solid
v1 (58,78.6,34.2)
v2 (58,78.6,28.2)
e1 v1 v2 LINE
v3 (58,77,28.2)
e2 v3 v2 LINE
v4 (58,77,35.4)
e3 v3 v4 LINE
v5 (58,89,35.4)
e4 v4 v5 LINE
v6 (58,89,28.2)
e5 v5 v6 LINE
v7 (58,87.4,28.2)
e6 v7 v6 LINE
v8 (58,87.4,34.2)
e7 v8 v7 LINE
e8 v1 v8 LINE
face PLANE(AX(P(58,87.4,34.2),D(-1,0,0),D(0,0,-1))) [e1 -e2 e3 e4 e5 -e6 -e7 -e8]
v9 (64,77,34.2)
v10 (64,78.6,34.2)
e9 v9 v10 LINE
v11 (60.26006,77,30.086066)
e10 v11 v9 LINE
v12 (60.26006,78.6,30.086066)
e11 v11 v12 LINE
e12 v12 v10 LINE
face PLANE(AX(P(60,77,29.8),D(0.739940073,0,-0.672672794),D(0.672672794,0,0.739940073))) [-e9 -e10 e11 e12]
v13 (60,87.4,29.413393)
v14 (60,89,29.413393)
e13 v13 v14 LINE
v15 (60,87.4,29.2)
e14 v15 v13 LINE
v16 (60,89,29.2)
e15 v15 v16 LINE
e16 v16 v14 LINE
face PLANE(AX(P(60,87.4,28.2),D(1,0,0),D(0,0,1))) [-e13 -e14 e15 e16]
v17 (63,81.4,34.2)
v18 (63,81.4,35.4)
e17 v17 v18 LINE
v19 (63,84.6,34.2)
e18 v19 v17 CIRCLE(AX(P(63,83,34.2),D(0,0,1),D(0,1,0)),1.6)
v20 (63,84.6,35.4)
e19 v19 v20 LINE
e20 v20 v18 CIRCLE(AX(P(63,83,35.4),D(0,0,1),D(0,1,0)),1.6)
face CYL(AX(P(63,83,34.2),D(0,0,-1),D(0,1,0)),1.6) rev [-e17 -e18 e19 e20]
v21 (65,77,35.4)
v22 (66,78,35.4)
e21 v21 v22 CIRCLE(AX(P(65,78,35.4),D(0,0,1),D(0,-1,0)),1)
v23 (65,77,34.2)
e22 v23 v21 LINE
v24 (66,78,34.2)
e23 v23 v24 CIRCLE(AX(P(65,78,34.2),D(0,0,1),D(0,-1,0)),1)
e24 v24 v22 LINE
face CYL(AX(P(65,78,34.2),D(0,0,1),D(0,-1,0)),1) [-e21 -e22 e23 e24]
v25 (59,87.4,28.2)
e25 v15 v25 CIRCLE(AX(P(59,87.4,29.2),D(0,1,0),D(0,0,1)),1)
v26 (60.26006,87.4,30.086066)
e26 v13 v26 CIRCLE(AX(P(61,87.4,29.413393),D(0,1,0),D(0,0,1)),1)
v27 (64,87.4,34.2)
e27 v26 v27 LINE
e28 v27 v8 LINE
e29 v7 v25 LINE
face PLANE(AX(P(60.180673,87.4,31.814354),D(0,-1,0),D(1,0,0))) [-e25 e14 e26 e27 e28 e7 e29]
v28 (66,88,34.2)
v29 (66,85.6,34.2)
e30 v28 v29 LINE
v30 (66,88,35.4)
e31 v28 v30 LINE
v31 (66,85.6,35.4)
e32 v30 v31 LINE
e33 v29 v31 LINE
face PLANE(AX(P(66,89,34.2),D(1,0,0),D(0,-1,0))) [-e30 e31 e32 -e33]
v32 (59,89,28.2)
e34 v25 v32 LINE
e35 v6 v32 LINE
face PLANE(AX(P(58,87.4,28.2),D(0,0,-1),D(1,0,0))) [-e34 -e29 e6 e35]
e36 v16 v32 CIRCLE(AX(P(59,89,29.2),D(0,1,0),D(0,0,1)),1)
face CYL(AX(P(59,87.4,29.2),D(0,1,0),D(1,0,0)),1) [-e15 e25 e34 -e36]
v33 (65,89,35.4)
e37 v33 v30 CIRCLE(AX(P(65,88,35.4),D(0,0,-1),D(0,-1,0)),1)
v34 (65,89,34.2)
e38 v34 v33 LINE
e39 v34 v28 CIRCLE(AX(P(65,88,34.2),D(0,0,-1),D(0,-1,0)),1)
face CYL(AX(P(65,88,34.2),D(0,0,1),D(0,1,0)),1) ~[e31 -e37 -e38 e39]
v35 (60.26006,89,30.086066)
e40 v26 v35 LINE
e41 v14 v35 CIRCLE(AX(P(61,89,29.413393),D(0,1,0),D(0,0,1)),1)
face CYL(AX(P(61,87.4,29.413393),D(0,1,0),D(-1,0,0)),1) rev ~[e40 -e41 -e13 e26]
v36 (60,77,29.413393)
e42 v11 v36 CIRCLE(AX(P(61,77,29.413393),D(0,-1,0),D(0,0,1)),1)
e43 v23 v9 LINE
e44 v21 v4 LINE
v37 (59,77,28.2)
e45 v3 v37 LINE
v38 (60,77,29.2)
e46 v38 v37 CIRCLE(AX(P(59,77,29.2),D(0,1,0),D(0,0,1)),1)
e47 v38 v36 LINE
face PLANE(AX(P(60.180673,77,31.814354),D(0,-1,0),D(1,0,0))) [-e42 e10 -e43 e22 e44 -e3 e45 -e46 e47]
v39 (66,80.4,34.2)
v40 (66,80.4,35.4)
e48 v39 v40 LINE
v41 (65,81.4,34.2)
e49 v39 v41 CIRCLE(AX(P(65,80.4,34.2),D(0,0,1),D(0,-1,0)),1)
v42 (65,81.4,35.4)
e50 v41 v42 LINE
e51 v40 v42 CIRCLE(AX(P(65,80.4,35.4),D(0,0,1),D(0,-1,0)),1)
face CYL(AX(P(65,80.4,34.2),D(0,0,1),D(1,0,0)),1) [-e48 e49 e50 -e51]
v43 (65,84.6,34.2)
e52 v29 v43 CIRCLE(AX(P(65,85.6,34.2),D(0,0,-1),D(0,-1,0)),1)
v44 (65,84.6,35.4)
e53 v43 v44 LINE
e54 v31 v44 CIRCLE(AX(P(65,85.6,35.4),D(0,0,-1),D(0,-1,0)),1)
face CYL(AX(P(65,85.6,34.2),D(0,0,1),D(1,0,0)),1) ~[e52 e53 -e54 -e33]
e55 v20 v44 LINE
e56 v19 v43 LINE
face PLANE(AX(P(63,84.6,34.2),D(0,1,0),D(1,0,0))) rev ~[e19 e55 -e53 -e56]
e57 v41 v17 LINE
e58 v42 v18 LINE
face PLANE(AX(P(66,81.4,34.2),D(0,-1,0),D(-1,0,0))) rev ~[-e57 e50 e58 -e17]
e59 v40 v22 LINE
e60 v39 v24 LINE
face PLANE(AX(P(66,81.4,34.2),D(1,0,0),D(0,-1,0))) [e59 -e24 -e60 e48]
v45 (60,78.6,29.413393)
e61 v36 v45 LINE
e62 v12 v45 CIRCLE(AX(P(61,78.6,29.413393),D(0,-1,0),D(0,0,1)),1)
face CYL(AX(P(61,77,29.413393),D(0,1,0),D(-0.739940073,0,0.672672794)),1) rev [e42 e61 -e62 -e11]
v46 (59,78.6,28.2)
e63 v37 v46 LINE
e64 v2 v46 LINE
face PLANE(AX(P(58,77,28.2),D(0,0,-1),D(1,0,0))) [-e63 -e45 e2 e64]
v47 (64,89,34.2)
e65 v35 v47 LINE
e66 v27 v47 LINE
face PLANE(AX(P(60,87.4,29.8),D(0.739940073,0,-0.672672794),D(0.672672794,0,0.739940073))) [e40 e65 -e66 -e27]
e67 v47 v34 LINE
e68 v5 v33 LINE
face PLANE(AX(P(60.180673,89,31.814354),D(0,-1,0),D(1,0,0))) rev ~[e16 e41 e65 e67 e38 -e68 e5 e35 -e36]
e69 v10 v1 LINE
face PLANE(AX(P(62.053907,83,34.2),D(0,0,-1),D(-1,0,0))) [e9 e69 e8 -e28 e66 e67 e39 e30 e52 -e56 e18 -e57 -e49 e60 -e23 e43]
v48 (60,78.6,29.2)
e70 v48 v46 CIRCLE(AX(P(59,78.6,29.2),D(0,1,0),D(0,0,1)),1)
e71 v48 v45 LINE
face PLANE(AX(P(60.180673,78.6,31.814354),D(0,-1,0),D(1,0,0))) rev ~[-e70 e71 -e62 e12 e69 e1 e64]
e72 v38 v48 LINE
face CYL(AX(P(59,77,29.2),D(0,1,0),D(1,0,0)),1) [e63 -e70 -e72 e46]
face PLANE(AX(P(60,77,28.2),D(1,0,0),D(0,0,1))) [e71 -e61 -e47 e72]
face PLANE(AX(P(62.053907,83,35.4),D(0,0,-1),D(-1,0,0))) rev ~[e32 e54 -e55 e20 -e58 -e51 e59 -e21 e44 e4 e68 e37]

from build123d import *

# Parameters (mm, degrees)
PAD034_DEPTH        = 1.2
PAD035_DEPTH        = 1.6
LINEARPATTERN_COUNT = 2
LINEARPATTERN_PITCH = 10.4
FILLET_R            = 1
FILLET001_R         = 1
FILLET002_R         = 1


with BuildPart() as part:
    # Sketch066 → Pad034 (new body)
    with BuildSketch(Plane.XY):
        with BuildLine():
            Line((-4, 6), (4, 6))
            Line((4, 6), (4, 1.6))
            Line((1, 1.6), (4, 1.6))
            ThreePointArc((1, 1.6), (-0.6, 0), (1, -1.6))
            Line((4, -1.6), (1, -1.6))
            Line((4, -1.6), (4, -6))
            Line((4, -6), (-4, -6))
            Line((-4, -6), (-4, 6))
        make_face()
    extrude(amount=PAD034_DEPTH)

    # Sketch067 (on DatumPlane) → Pad035 (join)
    with BuildSketch(Plane.XZ.offset(6)):
        Polygon((-4, 0), (-4, -6), (-2, -6), (-2, -4.4), (2, 0), align=None)
    pad035 = extrude(amount=-PAD035_DEPTH)

    # LinearPattern: Pad035 ×2
    with Locations(*[(0, i * LINEARPATTERN_PITCH, 0) for i in range(1, LINEARPATTERN_COUNT)]):
        add(pad035)

    # Fillet
    fillet_edges = [part.edges().sort_by_distance(p)[0] for p in [
        (-2, -5.2, -6),
        (-2, 5.2, -6),
    ]]
    fillet(fillet_edges, radius=FILLET_R)

    # Fillet001
    fillet001_edges = [part.edges().sort_by_distance(p)[0] for p in [
        (-2, -5.2, -4.4),
        (-2, 5.2, -4.4),
    ]]
    fillet(fillet001_edges, radius=FILLET001_R)

    # Fillet002
    fillet002_edges = [part.edges().sort_by_distance(p)[0] for p in [
        (4, -6, 0.6),
        (4, -1.6, 0.6),
        (4, 1.6, 0.6),
        (4, 6, 0.6),
    ]]
    fillet(fillet002_edges, radius=FILLET002_R)


with BuildPart() as part_1:
    # Body010 placement: moved
    add(part.part.moved(Location((62, 83, 34.2))))


solid = part_1.part
